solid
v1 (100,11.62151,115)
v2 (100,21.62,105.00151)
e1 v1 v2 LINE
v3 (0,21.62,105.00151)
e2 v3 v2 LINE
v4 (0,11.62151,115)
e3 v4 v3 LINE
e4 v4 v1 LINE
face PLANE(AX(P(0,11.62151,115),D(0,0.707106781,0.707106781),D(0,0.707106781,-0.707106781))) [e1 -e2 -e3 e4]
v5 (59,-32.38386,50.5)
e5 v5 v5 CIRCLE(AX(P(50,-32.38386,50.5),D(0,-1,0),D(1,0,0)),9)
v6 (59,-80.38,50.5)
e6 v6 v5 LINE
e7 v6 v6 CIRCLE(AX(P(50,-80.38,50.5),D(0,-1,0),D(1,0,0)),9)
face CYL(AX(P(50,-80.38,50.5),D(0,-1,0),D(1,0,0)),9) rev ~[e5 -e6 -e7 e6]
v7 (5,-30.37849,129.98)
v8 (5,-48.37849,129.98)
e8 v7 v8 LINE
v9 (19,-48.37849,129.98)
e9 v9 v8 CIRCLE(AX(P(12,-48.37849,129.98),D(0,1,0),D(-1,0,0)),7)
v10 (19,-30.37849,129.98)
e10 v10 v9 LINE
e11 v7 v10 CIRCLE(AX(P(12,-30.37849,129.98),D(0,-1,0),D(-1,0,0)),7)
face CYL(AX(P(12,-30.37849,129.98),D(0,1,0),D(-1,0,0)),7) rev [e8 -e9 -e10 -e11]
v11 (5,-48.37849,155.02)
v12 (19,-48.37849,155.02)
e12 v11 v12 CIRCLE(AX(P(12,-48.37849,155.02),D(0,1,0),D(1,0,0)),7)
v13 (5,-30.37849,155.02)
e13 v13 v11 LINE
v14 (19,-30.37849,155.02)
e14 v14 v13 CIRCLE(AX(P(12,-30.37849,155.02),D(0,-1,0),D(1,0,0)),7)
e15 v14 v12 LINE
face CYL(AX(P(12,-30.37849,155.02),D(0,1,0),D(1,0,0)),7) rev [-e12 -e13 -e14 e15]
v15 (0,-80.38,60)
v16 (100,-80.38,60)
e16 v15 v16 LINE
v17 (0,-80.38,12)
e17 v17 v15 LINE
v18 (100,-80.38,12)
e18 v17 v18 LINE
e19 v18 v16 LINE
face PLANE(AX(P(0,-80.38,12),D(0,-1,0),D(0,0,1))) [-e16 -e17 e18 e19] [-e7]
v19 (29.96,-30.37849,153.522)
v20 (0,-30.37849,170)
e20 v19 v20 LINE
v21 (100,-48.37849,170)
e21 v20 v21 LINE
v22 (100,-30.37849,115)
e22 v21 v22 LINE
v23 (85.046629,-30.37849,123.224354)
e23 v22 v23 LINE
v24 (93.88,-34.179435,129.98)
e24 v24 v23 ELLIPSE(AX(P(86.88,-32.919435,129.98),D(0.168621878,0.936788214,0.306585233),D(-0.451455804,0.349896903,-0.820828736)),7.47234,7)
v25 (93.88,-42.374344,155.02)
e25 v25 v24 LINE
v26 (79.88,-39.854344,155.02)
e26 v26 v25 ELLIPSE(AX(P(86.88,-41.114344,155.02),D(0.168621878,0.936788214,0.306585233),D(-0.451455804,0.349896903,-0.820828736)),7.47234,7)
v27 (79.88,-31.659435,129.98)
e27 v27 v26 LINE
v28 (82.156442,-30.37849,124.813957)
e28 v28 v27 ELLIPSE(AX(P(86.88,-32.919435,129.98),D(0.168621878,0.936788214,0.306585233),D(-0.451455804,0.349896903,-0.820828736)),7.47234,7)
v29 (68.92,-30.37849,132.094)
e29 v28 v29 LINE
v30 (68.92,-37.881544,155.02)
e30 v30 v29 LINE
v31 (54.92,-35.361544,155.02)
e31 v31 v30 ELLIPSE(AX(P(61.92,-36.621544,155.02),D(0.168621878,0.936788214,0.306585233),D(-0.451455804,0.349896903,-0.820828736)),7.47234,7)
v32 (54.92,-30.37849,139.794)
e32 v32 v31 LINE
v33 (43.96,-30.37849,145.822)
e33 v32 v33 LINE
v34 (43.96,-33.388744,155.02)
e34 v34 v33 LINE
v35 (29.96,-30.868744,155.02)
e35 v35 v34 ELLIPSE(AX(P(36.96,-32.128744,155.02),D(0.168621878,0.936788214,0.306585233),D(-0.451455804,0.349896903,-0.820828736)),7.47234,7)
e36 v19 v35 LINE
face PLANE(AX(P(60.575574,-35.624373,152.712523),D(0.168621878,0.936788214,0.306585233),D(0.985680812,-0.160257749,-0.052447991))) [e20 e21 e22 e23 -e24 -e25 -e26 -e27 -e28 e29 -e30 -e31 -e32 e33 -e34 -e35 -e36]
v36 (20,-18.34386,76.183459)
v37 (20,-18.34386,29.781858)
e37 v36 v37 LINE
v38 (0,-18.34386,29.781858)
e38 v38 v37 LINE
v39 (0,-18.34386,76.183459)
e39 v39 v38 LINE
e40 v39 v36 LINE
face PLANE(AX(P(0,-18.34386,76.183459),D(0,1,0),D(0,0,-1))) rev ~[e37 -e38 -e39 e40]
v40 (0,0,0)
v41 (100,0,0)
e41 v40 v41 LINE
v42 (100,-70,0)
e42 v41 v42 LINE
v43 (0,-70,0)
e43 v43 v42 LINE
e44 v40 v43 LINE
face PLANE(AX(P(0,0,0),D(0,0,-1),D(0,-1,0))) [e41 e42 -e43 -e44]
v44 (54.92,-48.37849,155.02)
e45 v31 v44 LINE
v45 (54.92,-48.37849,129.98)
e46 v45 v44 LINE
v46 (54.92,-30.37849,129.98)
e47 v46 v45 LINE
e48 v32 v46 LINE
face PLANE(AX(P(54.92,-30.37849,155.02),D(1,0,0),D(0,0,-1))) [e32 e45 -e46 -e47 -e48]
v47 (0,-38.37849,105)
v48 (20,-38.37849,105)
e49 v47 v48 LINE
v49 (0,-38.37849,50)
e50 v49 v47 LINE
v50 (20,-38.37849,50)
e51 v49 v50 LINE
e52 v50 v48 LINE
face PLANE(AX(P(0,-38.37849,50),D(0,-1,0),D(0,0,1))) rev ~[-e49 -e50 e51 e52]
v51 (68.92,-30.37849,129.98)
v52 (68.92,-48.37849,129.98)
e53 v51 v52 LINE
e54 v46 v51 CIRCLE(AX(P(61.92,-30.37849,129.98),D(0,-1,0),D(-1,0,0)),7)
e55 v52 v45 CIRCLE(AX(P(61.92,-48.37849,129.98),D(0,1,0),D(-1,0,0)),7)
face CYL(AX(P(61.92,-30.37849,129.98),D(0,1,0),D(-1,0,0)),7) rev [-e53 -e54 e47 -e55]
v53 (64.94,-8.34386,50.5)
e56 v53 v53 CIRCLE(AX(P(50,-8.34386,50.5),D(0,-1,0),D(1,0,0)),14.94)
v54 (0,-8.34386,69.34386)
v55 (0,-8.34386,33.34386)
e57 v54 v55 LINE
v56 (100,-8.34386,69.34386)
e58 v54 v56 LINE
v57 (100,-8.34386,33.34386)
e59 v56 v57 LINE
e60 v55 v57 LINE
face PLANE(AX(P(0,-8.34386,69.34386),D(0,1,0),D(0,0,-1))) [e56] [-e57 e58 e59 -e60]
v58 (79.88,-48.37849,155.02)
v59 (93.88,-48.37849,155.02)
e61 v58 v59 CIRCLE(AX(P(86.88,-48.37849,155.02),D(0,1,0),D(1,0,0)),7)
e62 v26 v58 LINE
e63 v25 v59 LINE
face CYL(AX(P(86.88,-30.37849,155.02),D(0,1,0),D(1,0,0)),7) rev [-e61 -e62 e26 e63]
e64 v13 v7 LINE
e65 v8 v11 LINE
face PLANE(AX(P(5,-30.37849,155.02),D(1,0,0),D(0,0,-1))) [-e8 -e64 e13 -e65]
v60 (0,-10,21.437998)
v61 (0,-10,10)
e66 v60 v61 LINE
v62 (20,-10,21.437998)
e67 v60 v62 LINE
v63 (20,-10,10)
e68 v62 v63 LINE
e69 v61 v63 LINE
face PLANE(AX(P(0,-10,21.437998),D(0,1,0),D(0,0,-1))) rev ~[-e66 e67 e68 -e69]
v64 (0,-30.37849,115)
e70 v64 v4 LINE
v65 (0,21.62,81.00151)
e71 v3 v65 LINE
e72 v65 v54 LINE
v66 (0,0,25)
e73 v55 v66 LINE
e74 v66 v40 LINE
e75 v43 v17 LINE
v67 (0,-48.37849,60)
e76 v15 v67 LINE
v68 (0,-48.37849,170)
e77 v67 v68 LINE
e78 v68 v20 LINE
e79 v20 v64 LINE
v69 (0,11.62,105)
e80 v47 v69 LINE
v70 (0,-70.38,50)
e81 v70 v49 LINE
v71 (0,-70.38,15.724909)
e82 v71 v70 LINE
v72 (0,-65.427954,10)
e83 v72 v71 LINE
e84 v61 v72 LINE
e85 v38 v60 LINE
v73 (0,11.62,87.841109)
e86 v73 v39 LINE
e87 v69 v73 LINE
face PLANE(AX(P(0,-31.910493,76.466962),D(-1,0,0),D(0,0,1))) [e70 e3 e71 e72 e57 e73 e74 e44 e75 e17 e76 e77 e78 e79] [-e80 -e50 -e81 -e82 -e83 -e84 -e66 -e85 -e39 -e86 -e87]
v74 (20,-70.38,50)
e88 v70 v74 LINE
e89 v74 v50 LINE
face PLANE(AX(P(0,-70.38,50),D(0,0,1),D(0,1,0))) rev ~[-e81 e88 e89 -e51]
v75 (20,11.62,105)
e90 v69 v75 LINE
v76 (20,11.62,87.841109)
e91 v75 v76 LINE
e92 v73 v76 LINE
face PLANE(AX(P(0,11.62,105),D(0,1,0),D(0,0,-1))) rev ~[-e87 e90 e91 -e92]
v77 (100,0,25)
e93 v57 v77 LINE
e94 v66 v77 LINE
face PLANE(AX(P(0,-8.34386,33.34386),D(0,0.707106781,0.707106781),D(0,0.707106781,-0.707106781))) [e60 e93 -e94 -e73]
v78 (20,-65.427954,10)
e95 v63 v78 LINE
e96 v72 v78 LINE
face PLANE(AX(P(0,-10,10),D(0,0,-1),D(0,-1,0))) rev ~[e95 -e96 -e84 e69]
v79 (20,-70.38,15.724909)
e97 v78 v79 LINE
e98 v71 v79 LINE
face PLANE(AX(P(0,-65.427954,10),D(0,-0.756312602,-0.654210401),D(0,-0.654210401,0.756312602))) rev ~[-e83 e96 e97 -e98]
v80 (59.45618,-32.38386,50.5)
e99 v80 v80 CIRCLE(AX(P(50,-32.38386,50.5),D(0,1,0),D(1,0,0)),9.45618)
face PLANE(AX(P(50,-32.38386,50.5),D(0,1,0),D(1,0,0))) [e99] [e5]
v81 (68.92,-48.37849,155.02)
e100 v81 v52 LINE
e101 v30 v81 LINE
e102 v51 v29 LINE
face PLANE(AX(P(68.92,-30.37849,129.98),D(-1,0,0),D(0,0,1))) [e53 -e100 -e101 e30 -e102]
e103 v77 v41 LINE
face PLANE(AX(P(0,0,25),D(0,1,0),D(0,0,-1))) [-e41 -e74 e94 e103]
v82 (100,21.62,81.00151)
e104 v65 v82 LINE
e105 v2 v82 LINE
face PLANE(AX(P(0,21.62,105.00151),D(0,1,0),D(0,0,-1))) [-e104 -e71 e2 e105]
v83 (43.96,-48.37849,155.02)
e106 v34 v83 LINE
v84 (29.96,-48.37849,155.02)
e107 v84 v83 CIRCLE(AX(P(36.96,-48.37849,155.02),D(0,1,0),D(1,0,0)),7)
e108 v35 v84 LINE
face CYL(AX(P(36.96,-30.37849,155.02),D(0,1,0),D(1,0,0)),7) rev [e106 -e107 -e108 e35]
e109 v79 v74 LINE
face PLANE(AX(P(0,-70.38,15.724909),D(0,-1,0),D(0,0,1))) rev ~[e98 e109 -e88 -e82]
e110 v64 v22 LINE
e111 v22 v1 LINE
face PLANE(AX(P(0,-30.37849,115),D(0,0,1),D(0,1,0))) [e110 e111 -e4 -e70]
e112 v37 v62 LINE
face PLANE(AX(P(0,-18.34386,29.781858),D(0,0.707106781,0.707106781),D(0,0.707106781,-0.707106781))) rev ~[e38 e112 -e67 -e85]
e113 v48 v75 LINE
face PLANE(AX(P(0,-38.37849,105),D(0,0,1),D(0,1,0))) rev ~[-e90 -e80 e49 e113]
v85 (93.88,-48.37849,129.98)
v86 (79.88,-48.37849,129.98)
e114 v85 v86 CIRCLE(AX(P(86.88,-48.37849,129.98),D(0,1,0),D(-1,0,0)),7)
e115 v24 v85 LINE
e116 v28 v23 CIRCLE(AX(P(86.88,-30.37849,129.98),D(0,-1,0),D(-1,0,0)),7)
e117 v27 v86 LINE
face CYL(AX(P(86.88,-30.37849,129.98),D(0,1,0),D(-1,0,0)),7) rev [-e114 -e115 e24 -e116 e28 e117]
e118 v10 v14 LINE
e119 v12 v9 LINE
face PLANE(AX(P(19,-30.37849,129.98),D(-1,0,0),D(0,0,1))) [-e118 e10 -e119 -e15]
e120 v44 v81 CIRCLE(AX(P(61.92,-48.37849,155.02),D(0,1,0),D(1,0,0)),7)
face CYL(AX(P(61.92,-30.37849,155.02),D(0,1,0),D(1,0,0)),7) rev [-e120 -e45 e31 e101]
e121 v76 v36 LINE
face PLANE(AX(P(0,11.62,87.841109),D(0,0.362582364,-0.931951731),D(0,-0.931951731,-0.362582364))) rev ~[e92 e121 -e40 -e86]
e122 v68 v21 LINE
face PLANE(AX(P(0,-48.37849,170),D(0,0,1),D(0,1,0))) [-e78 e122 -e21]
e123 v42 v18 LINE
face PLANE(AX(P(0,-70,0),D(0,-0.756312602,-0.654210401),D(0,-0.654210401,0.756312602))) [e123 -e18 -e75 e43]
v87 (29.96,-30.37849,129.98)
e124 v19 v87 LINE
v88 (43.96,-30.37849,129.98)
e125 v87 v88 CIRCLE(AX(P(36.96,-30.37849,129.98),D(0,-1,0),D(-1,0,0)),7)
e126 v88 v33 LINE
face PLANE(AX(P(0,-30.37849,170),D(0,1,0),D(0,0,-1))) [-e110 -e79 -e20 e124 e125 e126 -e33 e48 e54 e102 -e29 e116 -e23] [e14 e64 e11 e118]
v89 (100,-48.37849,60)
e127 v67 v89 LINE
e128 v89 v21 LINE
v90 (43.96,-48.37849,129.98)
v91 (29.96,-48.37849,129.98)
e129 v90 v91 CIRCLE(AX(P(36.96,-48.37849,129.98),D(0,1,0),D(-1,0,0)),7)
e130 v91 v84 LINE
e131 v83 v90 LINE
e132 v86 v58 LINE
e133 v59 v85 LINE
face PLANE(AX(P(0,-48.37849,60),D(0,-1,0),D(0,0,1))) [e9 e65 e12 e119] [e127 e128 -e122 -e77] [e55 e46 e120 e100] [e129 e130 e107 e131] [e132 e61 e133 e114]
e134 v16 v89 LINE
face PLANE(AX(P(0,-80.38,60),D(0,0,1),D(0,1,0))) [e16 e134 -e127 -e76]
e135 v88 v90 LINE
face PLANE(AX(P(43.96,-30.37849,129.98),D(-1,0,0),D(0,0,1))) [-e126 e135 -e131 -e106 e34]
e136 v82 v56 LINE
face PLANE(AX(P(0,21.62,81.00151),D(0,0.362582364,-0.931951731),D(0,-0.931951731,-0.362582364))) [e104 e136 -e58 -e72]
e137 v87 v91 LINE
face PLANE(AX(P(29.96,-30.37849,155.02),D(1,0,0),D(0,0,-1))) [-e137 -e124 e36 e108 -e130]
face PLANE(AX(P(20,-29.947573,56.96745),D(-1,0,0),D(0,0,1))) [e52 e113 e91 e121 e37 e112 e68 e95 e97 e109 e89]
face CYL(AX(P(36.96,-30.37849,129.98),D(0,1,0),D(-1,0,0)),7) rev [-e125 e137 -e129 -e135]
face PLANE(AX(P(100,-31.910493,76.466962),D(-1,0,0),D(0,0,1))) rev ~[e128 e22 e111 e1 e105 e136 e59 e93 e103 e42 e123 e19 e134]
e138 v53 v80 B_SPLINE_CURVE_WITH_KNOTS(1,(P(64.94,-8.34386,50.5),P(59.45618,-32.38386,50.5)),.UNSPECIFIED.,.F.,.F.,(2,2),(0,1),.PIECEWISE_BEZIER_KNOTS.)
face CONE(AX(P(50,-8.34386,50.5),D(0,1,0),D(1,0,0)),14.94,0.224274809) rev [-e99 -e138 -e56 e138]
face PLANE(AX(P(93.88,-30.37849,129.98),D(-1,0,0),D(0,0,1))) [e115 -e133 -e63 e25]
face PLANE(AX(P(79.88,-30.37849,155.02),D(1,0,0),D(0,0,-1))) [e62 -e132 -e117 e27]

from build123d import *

# Parameters (mm, degrees)
RESSALTO_EXTRUS_O1_DEPTH = 100
CORTE_EXTRUS_O1_DEPTH    = 51.001510114
CORTE_EXTRUS_O4_DEPTH    = 87
CORTE_EXTRUS_O6_DEPTH    = 20
CORTE_EXTRUS_O8_REACH    = 104
ESBO_O10_R               = 9
ESBO_O12_R               = 14.94
CORTE_EXTRUS_O10_DEPTH   = 24.04
CORTE_EXTRUS_O10_TAPER   = 12.85


with BuildPart() as part:
    # Esboço3 → Ressalto-extrusão1 (new body)
    with BuildSketch(Plane(origin=(0, 0, 0), x_dir=(0, 0, -1), z_dir=(1, 0, 0))):
        Polygon((0, 0), (0, -70), (-12, -80.38), (-60, -80.38), (-60, -48.378489886), (-170, -48.378489886), (-170, -30.378489886), (-115, -30.378489886), (-115, 11.621510114), (-105.001510114, 21.62), (-81.001510114, 21.62), (-69.343860018, -8.343860018), (-33.343860018, -8.343860018), (-25, 0), align=None)
    extrude(amount=RESSALTO_EXTRUS_O1_DEPTH)

    # Esboço5 → Corte-extrusão1 (cut, through all)
    with BuildSketch(Plane(origin=(0, -30.378489886, 0), x_dir=(1, 0, 0), z_dir=(0, 1, 0))):
        with BuildLine():
            Line((5, -155.02), (5, -129.98))
            ThreePointArc((5, -129.98), (12, -122.98), (19, -129.98))
            Line((19, -129.98), (19, -155.02))
            ThreePointArc((19, -155.02), (12, -162.02), (5, -155.02))
        make_face()
        with BuildLine():
            Line((29.96, -155.02), (29.96, -129.98))
            ThreePointArc((29.96, -129.98), (36.96, -122.98), (43.96, -129.98))
            Line((43.96, -129.98), (43.96, -155.02))
            ThreePointArc((43.96, -155.02), (36.96, -162.02), (29.96, -155.02))
        make_face()
        with BuildLine():
            Line((54.92, -155.02), (54.92, -129.98))
            ThreePointArc((54.92, -129.98), (61.92, -122.98), (68.92, -129.98))
            Line((68.92, -129.98), (68.92, -155.02))
            ThreePointArc((68.92, -155.02), (61.92, -162.02), (54.92, -155.02))
        make_face()
        with BuildLine():
            Line((79.88, -155.02), (79.88, -129.98))
            ThreePointArc((79.88, -129.98), (86.88, -122.98), (93.88, -129.98))
            Line((93.88, -129.98), (93.88, -155.02))
            ThreePointArc((93.88, -155.02), (86.88, -162.02), (79.88, -155.02))
        make_face()
    extrude(amount=-CORTE_EXTRUS_O1_DEPTH, mode=Mode.SUBTRACT)

    # Esboço6 → Corte-extrusão4 (cut)
    with BuildSketch(Plane(origin=(3.989809214, 22.165606742, 7.25419857), x_dir=(0.985680811, -0.160257749, -0.052447991), z_dir=(0.168621878, 0.936788213, 0.306585233))):
        Polygon((-4.047769995, -171.016408889), (97.404950637, -176.615111976), (97.404950637, -118.744566791), align=None)
    extrude(amount=CORTE_EXTRUS_O4_DEPTH, mode=Mode.SUBTRACT)

    # Esboço9 → Corte-extrusão6 (cut)
    with BuildSketch(Plane.ZY):
        Polygon((105, 11.62), (87.841109365, 11.62), (76.183459269, -18.343860018), (29.781857804, -18.343860018), (21.437997786, -10), (10, -10), (10, -65.427954016), (15.724908652, -70.38), (50, -70.38), (50, -38.378489886), (105, -38.378489886), align=None)
    extrude(amount=-CORTE_EXTRUS_O6_DEPTH, mode=Mode.SUBTRACT)

    # Esboço10 → Corte-extrusão8 (cut, up to next)
    with BuildSketch(Plane.XZ.offset(80.38), mode=Mode.PRIVATE) as corte_extrus_o8_sk1:
        with Locations((50, 50.5)):
            Circle(ESBO_O10_R)
    corte_extrus_o8_tool1 = extrude(corte_extrus_o8_sk1.sketch, amount=-CORTE_EXTRUS_O8_REACH, mode=Mode.PRIVATE) & part.part
    add(corte_extrus_o8_tool1.solids().sort_by_distance((50, -80.38, 50.5))[0], mode=Mode.SUBTRACT)

    # Esboço12 → Corte-extrusão10 (cut)
    with BuildSketch(Plane(origin=(0, -8.343860018, 0), x_dir=(1, 0, 0), z_dir=(0, 1, 0))):
        with Locations((50, -50.5)):
            Circle(ESBO_O12_R)
    extrude(amount=-CORTE_EXTRUS_O10_DEPTH, taper=CORTE_EXTRUS_O10_TAPER, mode=Mode.SUBTRACT)


solid = part.part
